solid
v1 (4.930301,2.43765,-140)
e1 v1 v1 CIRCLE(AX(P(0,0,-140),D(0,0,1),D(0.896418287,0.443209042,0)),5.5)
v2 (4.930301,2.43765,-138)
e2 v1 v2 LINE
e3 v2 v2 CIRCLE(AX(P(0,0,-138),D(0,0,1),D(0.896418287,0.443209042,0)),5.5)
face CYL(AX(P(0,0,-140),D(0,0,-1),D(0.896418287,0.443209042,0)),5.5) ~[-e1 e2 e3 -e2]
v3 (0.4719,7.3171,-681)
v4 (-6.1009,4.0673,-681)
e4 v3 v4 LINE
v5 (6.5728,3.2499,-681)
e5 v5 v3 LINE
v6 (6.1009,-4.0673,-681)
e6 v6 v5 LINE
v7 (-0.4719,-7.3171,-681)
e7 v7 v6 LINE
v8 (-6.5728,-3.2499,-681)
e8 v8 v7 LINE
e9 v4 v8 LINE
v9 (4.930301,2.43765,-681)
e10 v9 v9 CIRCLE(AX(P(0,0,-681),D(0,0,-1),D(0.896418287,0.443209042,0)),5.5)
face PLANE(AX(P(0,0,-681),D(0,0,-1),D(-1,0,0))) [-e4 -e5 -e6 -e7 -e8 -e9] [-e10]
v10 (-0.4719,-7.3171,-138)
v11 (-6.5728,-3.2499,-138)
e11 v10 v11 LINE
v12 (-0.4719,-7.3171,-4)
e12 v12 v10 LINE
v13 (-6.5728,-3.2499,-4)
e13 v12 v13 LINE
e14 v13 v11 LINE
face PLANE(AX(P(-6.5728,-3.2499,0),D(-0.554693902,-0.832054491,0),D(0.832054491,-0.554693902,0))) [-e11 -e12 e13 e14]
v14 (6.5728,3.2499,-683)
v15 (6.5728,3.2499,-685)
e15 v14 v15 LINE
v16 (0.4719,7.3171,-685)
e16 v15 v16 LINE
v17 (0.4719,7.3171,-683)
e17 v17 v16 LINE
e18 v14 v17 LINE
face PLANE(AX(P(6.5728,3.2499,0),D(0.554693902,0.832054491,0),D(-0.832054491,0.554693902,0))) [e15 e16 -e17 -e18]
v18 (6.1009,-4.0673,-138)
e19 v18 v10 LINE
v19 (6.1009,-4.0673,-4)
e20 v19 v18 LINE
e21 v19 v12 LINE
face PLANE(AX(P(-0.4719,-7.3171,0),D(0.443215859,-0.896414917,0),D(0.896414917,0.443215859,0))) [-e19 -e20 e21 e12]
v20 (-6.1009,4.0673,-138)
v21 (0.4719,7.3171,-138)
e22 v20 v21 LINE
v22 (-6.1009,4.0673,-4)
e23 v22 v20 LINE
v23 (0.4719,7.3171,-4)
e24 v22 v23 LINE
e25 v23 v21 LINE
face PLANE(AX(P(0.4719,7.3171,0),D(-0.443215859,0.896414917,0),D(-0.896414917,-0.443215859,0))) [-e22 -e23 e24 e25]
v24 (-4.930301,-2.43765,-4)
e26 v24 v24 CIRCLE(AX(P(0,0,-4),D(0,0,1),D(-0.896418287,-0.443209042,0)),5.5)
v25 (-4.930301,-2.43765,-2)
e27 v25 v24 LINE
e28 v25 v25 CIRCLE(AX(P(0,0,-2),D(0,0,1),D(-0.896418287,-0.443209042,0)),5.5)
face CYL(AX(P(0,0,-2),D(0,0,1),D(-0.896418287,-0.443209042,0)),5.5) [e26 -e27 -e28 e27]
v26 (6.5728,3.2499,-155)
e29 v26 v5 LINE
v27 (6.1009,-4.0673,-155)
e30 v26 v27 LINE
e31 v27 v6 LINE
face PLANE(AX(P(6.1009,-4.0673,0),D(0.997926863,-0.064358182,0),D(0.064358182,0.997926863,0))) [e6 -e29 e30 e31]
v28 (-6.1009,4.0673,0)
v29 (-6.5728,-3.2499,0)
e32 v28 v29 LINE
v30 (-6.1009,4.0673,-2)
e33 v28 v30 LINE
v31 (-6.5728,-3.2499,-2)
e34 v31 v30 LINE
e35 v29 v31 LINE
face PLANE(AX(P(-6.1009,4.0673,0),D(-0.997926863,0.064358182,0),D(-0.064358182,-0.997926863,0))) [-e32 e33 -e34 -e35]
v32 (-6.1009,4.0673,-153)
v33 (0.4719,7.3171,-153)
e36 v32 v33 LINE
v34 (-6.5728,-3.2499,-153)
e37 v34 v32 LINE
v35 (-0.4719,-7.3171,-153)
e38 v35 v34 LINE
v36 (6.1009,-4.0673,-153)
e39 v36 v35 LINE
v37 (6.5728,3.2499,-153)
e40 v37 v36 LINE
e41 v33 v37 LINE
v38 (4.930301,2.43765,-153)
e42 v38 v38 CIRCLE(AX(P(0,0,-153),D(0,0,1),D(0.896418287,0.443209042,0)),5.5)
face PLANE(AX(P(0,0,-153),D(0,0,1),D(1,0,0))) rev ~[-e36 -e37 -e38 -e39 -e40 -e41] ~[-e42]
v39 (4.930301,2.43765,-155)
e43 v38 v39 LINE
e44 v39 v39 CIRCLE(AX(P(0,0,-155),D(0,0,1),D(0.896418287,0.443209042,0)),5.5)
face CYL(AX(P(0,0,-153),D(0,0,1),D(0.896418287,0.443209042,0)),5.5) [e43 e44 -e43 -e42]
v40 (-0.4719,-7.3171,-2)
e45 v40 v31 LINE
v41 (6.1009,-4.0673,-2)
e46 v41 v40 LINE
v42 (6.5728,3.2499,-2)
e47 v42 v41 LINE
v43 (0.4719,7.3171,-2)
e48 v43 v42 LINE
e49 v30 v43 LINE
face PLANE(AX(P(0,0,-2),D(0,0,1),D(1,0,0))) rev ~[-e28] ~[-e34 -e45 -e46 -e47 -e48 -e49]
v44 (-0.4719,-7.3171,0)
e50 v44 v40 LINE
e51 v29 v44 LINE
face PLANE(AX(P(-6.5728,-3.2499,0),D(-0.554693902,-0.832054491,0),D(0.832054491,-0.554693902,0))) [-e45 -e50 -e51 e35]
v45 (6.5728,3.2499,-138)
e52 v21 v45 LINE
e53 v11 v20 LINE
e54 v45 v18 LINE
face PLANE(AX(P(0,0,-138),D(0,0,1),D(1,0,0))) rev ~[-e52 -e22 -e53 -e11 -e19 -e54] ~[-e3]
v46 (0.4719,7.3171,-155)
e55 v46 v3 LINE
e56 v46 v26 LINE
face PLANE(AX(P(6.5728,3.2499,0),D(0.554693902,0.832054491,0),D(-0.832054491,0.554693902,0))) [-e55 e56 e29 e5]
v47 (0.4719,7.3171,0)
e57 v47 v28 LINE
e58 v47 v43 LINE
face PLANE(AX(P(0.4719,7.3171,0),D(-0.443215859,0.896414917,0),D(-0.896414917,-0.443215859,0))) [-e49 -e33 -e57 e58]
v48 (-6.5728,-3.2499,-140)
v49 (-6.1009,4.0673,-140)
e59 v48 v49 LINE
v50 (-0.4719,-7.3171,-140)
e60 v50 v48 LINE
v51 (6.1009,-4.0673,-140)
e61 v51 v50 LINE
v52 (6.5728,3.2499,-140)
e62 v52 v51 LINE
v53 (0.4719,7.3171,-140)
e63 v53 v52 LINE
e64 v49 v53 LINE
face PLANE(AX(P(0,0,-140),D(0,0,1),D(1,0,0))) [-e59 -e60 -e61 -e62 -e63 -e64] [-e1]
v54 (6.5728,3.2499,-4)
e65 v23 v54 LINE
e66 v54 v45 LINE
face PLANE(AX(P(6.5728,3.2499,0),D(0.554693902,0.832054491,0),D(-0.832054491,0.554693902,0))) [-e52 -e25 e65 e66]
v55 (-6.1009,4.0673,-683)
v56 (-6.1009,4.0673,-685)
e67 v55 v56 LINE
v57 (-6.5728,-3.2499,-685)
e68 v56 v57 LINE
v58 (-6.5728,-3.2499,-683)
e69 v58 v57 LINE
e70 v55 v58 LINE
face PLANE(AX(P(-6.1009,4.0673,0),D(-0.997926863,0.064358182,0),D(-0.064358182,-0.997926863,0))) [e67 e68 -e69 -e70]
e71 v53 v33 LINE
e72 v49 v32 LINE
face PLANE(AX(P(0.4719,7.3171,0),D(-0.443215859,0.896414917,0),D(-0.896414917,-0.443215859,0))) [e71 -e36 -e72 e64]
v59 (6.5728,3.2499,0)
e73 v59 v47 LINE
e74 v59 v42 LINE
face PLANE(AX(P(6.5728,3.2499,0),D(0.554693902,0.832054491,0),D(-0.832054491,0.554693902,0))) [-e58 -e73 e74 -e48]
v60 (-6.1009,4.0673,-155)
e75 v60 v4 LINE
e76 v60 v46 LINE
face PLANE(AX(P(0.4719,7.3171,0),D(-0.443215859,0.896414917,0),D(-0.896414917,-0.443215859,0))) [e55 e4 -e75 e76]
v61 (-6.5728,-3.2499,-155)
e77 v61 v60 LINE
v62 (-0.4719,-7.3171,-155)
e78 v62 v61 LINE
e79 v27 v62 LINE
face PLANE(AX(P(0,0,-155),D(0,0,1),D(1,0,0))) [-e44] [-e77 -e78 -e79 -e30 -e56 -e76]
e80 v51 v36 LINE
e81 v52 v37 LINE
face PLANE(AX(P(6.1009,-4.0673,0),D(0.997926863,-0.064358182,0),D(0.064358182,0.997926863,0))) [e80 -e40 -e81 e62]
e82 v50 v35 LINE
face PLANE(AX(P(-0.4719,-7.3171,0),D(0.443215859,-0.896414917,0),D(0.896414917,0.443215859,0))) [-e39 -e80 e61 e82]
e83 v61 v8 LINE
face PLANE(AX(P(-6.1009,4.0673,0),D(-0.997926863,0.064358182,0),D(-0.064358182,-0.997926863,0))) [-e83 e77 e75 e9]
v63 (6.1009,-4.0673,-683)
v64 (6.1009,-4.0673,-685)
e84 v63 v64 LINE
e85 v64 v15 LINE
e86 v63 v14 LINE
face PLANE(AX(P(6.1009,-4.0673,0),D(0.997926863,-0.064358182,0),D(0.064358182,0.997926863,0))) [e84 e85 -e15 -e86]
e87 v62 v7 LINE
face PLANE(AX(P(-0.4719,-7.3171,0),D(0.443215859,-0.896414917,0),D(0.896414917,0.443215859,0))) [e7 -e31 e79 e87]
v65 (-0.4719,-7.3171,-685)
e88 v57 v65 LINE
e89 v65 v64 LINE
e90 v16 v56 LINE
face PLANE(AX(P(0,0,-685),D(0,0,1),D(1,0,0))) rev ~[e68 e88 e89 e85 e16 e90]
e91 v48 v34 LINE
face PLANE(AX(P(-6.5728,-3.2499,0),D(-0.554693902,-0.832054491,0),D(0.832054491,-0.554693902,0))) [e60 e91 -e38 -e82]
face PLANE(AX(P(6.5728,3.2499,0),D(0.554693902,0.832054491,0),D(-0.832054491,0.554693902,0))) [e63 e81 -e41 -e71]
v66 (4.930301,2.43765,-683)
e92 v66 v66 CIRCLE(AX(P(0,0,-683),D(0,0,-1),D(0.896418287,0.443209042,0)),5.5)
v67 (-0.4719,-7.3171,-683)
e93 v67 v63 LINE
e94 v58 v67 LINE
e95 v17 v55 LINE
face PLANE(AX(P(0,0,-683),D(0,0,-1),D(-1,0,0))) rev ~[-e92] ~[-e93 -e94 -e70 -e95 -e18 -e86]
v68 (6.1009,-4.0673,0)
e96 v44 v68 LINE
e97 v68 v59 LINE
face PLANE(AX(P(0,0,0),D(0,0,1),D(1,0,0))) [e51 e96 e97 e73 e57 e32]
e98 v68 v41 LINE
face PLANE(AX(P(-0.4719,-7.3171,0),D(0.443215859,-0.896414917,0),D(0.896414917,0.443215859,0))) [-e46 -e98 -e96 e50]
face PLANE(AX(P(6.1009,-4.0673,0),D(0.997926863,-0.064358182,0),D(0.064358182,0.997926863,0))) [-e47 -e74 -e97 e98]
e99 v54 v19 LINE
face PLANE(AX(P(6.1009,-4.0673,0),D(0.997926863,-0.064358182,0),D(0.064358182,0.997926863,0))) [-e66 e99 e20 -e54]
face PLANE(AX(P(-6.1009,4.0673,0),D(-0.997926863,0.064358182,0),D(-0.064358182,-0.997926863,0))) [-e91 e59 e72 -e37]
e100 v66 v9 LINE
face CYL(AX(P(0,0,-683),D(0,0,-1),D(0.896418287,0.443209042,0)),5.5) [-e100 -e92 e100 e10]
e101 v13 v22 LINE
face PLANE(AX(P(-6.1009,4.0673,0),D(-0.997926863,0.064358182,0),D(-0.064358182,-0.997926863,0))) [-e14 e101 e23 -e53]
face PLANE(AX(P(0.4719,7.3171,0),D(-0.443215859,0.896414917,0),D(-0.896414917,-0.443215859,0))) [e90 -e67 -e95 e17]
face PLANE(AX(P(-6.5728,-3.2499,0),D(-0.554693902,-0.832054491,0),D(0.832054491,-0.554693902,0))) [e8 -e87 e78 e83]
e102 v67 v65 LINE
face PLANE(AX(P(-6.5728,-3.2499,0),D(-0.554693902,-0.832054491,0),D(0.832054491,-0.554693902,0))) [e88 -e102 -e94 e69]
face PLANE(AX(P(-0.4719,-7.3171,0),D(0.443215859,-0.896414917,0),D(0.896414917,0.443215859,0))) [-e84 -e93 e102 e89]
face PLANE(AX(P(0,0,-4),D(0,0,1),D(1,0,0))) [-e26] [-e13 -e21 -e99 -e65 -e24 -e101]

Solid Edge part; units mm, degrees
sketch "Sketch1" plane through (0, 0, 0) normal (0, 0, 1) x (1, 0, 0)
  line L0 (-6.1009, 4.0673) -> (-6.5728, -3.2499)
  line L1 (-6.5728, -3.2499) -> (-0.4719, -7.3171)
  line L2 (-0.4719, -7.3171) -> (6.1009, -4.0673)
  line L3 (6.1009, -4.0673) -> (6.5728, 3.2499)
  line L4 (6.5728, 3.2499) -> (0.4719, 7.3171)
  line L5 (0.4719, 7.3171) -> (-6.1009, 4.0673)
extrude "Protrusion1" add sketch "Sketch1" against normal blind 685
sketch "Sketch2" plane through (0, 0, -2) normal (0, 0, 1) x (-0.8964, -0.4432, 0)
  circle A0 centre (0, 0) radius 5.5
  circle A1 centre (0, 0) radius 13.1424
extrude "ExtrudedCutout_1" cut sketch "Sketch2" against normal blind 2
sketch "Sketch3" plane through (0, 0, -683) normal (0, 0, -1) x (0.8964, 0.4432, 0)
  circle A0 centre (0, 0) radius 5.5
  circle A1 centre (0, 0) radius 13.1424
extrude "ExtrudedCutout_2" cut sketch "Sketch3" against normal blind 2
sketch "Sketch4" plane through (0, 0, -140) normal (0, 0, 1) x (0.8964, 0.4432, 0)
  circle A0 centre (0, 0) radius 5.5
  circle A1 centre (0, 0) radius 13.1424
extrude "ExtrudedCutout_3" cut sketch "Sketch4" along normal blind 2
sketch "Sketch5" plane through (0, 0, -153) normal (0, 0, 1) x (0.8964, 0.4432, 0)
  circle A0 centre (0, 0) radius 5.5
  circle A1 centre (0, 0) radius 10.4372
extrude "ExtrudedCutout_4" cut sketch "Sketch5" against normal blind 2
properties part number "BumbleB0932"
